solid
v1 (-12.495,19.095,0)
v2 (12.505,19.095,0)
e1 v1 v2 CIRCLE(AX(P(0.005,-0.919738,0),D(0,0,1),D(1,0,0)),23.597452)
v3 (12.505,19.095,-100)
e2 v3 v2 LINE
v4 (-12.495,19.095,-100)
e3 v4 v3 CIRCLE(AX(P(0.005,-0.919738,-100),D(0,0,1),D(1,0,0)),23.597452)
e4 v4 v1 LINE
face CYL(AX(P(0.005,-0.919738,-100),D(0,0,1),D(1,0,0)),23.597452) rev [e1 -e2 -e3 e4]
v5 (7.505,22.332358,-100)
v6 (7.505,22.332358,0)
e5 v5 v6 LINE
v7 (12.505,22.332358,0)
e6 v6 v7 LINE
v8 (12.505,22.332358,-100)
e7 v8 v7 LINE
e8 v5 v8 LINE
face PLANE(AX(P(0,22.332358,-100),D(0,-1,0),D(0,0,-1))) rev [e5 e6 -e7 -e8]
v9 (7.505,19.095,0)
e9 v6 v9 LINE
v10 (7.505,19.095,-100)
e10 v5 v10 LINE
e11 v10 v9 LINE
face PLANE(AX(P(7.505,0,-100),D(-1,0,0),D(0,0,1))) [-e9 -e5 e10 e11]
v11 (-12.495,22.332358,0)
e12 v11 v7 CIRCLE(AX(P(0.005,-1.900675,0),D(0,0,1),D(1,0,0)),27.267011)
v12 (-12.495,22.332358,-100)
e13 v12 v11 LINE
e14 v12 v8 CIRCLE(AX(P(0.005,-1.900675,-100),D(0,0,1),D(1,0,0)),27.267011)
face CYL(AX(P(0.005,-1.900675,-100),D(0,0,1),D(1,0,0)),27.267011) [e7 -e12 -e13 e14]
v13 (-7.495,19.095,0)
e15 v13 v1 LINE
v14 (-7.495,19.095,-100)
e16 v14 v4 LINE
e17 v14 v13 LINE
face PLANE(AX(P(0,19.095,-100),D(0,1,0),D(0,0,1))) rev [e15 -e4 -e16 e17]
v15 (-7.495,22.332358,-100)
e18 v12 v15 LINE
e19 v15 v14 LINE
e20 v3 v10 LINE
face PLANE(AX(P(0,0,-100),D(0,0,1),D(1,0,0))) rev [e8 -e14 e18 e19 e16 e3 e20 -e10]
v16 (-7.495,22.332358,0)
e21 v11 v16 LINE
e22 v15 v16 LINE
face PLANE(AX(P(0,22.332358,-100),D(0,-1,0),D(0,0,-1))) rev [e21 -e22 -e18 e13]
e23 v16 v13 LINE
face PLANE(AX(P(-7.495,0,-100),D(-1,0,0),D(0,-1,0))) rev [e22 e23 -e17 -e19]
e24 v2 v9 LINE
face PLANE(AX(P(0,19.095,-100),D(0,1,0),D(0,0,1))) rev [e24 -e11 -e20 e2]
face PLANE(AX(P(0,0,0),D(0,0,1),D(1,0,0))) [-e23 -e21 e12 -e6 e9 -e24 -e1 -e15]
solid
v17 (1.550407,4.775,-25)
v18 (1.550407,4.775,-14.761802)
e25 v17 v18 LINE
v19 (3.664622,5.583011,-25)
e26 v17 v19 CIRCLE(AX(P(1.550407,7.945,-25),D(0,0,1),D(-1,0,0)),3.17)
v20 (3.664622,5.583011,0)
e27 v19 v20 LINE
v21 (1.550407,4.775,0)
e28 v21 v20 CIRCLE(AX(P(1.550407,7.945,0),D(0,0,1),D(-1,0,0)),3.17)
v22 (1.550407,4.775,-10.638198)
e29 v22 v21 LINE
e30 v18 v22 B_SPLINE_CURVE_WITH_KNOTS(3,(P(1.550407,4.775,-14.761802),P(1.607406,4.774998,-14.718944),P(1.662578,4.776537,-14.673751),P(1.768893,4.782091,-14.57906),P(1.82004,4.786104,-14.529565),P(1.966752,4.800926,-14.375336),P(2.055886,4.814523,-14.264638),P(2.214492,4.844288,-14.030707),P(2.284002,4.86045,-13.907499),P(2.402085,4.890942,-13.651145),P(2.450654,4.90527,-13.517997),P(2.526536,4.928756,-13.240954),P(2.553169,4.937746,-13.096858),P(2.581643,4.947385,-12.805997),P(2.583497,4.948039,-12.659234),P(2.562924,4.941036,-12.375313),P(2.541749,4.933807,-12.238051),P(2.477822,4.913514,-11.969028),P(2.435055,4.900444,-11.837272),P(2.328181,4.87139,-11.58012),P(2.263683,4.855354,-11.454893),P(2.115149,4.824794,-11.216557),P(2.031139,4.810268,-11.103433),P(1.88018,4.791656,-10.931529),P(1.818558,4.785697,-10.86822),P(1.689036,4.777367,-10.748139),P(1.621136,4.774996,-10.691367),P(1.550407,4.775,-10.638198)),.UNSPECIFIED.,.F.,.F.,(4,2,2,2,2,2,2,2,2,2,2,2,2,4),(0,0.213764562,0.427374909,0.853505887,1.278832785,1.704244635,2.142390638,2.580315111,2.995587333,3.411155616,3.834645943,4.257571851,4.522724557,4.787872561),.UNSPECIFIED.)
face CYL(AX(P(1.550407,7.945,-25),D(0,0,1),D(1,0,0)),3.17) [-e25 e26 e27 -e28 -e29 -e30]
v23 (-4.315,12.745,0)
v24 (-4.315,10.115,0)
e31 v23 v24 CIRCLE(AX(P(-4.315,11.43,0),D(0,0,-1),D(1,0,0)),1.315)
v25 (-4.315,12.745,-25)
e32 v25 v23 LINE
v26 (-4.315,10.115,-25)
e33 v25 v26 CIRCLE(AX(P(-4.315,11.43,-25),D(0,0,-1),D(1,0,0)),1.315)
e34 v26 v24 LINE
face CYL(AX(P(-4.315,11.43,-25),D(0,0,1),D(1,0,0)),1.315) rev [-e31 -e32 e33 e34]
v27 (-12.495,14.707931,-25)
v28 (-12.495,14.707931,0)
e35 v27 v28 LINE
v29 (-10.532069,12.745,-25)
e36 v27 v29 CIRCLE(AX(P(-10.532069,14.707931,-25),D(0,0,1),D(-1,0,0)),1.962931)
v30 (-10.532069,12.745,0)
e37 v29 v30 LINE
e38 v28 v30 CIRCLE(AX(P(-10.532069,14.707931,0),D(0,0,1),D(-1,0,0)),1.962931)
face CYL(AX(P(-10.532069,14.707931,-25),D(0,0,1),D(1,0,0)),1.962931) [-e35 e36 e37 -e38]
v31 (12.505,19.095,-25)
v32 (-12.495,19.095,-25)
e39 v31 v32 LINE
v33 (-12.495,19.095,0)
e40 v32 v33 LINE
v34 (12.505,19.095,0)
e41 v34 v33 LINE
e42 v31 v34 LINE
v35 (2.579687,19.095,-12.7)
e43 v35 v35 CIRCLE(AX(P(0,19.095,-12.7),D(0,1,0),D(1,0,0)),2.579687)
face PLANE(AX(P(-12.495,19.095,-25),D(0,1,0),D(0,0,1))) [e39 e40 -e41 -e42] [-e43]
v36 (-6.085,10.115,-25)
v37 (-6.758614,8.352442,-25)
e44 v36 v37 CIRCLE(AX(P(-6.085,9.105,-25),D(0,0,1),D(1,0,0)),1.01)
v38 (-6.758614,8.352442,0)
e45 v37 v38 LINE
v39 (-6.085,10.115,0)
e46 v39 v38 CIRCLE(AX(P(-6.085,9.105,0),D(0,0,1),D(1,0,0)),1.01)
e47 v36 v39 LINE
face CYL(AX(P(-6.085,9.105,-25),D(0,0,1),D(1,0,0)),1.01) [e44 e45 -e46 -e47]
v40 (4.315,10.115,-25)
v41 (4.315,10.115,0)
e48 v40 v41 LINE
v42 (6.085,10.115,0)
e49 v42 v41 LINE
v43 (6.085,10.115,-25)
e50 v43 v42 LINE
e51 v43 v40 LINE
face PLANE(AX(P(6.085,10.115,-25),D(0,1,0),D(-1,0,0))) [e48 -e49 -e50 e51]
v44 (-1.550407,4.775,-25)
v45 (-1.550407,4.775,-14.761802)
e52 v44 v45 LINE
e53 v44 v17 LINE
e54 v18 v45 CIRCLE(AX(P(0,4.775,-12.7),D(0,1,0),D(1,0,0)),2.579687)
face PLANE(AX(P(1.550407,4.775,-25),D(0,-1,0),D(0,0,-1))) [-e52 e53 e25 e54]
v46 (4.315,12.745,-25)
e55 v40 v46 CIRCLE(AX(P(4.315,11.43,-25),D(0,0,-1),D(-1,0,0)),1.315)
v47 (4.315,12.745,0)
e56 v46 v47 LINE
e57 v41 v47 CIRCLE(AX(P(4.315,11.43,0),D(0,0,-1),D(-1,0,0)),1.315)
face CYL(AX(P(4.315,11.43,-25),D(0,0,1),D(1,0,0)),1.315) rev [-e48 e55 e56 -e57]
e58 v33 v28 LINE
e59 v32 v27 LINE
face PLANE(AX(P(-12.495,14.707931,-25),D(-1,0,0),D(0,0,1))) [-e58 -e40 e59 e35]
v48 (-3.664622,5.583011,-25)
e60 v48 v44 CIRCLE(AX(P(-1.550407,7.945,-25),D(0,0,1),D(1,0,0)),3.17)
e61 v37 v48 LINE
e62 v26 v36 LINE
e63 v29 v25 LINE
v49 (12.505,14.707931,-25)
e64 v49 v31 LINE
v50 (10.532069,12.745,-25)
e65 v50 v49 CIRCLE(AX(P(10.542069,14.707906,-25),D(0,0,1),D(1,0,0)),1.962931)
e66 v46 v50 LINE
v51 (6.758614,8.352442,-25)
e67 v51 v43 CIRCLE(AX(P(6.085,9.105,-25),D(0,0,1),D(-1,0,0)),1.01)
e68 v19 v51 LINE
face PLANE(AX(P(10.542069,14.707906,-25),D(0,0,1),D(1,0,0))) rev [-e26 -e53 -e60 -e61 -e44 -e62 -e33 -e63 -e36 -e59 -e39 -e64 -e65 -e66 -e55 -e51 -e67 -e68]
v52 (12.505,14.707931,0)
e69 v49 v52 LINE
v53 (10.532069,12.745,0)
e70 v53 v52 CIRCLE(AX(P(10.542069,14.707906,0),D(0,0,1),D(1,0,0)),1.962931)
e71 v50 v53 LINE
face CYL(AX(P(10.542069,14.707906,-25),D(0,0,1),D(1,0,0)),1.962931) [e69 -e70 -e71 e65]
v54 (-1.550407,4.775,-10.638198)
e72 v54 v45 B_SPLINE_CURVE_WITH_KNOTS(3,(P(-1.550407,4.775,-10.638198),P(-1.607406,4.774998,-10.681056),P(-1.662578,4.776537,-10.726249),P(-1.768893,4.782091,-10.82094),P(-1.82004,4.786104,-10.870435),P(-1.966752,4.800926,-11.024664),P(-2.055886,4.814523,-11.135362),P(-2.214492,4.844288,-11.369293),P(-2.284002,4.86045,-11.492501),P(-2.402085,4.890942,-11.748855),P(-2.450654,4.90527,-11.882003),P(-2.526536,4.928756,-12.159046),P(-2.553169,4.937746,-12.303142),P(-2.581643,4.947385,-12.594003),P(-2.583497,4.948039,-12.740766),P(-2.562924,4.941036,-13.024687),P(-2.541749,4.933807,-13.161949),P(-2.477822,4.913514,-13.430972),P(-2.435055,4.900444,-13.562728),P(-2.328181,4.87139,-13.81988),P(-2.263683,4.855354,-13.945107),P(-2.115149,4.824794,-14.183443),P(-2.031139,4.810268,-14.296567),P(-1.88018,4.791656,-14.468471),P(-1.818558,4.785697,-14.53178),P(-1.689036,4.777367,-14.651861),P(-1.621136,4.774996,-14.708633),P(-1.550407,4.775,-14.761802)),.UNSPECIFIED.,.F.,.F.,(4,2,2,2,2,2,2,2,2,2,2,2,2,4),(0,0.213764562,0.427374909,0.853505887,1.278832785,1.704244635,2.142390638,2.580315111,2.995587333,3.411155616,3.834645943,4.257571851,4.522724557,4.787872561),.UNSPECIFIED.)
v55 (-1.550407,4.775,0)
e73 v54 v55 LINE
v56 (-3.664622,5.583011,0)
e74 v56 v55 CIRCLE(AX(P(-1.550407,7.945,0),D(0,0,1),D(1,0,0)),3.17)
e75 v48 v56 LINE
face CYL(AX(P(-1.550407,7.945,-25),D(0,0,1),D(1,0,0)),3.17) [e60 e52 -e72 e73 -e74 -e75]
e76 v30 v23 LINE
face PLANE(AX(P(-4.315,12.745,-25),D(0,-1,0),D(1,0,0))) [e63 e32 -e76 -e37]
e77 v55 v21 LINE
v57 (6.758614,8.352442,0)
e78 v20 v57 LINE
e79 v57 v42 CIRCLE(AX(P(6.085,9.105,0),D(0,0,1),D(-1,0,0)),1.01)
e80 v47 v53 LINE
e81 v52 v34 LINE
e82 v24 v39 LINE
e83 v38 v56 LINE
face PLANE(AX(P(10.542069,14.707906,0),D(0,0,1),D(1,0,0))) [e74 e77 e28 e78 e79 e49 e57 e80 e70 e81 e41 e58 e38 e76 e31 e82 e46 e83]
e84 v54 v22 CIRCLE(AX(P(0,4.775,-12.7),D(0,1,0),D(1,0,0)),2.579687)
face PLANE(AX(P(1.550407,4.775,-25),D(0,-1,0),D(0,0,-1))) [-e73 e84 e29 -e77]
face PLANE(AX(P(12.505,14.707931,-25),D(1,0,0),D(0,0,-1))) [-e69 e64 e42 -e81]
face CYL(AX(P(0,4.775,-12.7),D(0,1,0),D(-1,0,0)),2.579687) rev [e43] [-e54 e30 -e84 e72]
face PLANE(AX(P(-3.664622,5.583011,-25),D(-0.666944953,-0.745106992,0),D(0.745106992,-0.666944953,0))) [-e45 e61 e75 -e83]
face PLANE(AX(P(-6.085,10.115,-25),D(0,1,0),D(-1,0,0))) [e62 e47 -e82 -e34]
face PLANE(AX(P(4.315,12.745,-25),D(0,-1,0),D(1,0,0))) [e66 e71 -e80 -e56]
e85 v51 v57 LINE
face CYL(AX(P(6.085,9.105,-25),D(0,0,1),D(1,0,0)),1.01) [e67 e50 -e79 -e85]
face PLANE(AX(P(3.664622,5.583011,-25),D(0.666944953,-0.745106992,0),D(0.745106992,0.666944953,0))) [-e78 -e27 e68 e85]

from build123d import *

# Parameters (mm, degrees)
EXTRUDE1_DEPTH      = 25
SKETCH2_R           = 2.5796875
CUT_EXTRUDE1_DEPTH  = 32.407601389
SKETCH5_W           = 5
SKETCH5_H           = 3.237358095
BOSS_EXTRUDE1_DEPTH = 100


with BuildPart() as part:
    # Sketch1 → Extrude1 (new body)
    with BuildSketch(Plane.XY):
        with BuildLine():
            Line((4.315, 12.745), (10.532068835, 12.745))
            ThreePointArc((10.532068835, 12.745), (11.926539753, 13.316381695), (12.505, 14.707931165))
            Line((12.505, 14.707931165), (12.505, 19.095))
            Line((12.505, 19.095), (-12.495, 19.095))
            Line((-12.495, 19.095), (-12.495, 14.707931165))
            ThreePointArc((-12.495, 14.707931165), (-11.920070773, 13.319929227), (-10.532068835, 12.745))
            Line((-10.532068835, 12.745), (-4.315, 12.745))
            ThreePointArc((-4.315, 12.745), (-3, 11.43), (-4.315, 10.115))
            Line((-4.315, 10.115), (-6.085, 10.115))
            ThreePointArc((-6.085, 10.115), (-7.028446777, 9.465566469), (-6.758614403, 8.352441938))
            Line((-6.758614403, 8.352441938), (-3.664622209, 5.583010835))
            ThreePointArc((-3.664622209, 5.583010835), (-2.682085626, 4.983884868), (-1.550406707, 4.775))
            Line((-1.550406707, 4.775), (1.550406707, 4.775))
            ThreePointArc((1.550406707, 4.775), (2.682085626, 4.983884868), (3.664622209, 5.583010835))
            Line((3.664622209, 5.583010835), (6.758614403, 8.352441938))
            ThreePointArc((6.758614403, 8.352441938), (7.028446777, 9.465566469), (6.085, 10.115))
            Line((6.085, 10.115), (4.315, 10.115))
            ThreePointArc((4.315, 10.115), (3, 11.43), (4.315, 12.745))
        make_face()
    extrude(amount=-EXTRUDE1_DEPTH)

    # Sketch2 → Cut-Extrude1 (cut, through all)
    with BuildSketch(Plane(origin=(0, 19.095, 0), x_dir=(1, 0, 0), z_dir=(0, 1, 0))):
        with Locations(Location((0, 12.7, 0), (0, 0, 126.94195449))):
            Circle(SKETCH2_R)
    extrude(amount=-CUT_EXTRUDE1_DEPTH, mode=Mode.SUBTRACT)


with BuildPart() as body_2:
    # Sketch5 → Boss-Extrude1 (new body)
    with BuildSketch(Plane.XY):
        with BuildLine():
            Line((-12.495, 19.095), (-12.495, 22.332358095))
            ThreePointArc((-12.495, 22.332358095), (0.005, -29.167686251), (12.505, 22.332358095))
            Line((12.505, 22.332358095), (12.505, 19.095))
            ThreePointArc((12.505, 19.095), (0.005, -24.517190702), (-12.495, 19.095))
        make_face()
        with Locations((-9.995, 20.713679048)):
            Rectangle(SKETCH5_W, SKETCH5_H)
        with Locations((10.005, 20.713679048)):
            Rectangle(SKETCH5_W, SKETCH5_H)
    extrude(amount=-BOSS_EXTRUDE1_DEPTH)


solid = Compound([part.part, body_2.part])
